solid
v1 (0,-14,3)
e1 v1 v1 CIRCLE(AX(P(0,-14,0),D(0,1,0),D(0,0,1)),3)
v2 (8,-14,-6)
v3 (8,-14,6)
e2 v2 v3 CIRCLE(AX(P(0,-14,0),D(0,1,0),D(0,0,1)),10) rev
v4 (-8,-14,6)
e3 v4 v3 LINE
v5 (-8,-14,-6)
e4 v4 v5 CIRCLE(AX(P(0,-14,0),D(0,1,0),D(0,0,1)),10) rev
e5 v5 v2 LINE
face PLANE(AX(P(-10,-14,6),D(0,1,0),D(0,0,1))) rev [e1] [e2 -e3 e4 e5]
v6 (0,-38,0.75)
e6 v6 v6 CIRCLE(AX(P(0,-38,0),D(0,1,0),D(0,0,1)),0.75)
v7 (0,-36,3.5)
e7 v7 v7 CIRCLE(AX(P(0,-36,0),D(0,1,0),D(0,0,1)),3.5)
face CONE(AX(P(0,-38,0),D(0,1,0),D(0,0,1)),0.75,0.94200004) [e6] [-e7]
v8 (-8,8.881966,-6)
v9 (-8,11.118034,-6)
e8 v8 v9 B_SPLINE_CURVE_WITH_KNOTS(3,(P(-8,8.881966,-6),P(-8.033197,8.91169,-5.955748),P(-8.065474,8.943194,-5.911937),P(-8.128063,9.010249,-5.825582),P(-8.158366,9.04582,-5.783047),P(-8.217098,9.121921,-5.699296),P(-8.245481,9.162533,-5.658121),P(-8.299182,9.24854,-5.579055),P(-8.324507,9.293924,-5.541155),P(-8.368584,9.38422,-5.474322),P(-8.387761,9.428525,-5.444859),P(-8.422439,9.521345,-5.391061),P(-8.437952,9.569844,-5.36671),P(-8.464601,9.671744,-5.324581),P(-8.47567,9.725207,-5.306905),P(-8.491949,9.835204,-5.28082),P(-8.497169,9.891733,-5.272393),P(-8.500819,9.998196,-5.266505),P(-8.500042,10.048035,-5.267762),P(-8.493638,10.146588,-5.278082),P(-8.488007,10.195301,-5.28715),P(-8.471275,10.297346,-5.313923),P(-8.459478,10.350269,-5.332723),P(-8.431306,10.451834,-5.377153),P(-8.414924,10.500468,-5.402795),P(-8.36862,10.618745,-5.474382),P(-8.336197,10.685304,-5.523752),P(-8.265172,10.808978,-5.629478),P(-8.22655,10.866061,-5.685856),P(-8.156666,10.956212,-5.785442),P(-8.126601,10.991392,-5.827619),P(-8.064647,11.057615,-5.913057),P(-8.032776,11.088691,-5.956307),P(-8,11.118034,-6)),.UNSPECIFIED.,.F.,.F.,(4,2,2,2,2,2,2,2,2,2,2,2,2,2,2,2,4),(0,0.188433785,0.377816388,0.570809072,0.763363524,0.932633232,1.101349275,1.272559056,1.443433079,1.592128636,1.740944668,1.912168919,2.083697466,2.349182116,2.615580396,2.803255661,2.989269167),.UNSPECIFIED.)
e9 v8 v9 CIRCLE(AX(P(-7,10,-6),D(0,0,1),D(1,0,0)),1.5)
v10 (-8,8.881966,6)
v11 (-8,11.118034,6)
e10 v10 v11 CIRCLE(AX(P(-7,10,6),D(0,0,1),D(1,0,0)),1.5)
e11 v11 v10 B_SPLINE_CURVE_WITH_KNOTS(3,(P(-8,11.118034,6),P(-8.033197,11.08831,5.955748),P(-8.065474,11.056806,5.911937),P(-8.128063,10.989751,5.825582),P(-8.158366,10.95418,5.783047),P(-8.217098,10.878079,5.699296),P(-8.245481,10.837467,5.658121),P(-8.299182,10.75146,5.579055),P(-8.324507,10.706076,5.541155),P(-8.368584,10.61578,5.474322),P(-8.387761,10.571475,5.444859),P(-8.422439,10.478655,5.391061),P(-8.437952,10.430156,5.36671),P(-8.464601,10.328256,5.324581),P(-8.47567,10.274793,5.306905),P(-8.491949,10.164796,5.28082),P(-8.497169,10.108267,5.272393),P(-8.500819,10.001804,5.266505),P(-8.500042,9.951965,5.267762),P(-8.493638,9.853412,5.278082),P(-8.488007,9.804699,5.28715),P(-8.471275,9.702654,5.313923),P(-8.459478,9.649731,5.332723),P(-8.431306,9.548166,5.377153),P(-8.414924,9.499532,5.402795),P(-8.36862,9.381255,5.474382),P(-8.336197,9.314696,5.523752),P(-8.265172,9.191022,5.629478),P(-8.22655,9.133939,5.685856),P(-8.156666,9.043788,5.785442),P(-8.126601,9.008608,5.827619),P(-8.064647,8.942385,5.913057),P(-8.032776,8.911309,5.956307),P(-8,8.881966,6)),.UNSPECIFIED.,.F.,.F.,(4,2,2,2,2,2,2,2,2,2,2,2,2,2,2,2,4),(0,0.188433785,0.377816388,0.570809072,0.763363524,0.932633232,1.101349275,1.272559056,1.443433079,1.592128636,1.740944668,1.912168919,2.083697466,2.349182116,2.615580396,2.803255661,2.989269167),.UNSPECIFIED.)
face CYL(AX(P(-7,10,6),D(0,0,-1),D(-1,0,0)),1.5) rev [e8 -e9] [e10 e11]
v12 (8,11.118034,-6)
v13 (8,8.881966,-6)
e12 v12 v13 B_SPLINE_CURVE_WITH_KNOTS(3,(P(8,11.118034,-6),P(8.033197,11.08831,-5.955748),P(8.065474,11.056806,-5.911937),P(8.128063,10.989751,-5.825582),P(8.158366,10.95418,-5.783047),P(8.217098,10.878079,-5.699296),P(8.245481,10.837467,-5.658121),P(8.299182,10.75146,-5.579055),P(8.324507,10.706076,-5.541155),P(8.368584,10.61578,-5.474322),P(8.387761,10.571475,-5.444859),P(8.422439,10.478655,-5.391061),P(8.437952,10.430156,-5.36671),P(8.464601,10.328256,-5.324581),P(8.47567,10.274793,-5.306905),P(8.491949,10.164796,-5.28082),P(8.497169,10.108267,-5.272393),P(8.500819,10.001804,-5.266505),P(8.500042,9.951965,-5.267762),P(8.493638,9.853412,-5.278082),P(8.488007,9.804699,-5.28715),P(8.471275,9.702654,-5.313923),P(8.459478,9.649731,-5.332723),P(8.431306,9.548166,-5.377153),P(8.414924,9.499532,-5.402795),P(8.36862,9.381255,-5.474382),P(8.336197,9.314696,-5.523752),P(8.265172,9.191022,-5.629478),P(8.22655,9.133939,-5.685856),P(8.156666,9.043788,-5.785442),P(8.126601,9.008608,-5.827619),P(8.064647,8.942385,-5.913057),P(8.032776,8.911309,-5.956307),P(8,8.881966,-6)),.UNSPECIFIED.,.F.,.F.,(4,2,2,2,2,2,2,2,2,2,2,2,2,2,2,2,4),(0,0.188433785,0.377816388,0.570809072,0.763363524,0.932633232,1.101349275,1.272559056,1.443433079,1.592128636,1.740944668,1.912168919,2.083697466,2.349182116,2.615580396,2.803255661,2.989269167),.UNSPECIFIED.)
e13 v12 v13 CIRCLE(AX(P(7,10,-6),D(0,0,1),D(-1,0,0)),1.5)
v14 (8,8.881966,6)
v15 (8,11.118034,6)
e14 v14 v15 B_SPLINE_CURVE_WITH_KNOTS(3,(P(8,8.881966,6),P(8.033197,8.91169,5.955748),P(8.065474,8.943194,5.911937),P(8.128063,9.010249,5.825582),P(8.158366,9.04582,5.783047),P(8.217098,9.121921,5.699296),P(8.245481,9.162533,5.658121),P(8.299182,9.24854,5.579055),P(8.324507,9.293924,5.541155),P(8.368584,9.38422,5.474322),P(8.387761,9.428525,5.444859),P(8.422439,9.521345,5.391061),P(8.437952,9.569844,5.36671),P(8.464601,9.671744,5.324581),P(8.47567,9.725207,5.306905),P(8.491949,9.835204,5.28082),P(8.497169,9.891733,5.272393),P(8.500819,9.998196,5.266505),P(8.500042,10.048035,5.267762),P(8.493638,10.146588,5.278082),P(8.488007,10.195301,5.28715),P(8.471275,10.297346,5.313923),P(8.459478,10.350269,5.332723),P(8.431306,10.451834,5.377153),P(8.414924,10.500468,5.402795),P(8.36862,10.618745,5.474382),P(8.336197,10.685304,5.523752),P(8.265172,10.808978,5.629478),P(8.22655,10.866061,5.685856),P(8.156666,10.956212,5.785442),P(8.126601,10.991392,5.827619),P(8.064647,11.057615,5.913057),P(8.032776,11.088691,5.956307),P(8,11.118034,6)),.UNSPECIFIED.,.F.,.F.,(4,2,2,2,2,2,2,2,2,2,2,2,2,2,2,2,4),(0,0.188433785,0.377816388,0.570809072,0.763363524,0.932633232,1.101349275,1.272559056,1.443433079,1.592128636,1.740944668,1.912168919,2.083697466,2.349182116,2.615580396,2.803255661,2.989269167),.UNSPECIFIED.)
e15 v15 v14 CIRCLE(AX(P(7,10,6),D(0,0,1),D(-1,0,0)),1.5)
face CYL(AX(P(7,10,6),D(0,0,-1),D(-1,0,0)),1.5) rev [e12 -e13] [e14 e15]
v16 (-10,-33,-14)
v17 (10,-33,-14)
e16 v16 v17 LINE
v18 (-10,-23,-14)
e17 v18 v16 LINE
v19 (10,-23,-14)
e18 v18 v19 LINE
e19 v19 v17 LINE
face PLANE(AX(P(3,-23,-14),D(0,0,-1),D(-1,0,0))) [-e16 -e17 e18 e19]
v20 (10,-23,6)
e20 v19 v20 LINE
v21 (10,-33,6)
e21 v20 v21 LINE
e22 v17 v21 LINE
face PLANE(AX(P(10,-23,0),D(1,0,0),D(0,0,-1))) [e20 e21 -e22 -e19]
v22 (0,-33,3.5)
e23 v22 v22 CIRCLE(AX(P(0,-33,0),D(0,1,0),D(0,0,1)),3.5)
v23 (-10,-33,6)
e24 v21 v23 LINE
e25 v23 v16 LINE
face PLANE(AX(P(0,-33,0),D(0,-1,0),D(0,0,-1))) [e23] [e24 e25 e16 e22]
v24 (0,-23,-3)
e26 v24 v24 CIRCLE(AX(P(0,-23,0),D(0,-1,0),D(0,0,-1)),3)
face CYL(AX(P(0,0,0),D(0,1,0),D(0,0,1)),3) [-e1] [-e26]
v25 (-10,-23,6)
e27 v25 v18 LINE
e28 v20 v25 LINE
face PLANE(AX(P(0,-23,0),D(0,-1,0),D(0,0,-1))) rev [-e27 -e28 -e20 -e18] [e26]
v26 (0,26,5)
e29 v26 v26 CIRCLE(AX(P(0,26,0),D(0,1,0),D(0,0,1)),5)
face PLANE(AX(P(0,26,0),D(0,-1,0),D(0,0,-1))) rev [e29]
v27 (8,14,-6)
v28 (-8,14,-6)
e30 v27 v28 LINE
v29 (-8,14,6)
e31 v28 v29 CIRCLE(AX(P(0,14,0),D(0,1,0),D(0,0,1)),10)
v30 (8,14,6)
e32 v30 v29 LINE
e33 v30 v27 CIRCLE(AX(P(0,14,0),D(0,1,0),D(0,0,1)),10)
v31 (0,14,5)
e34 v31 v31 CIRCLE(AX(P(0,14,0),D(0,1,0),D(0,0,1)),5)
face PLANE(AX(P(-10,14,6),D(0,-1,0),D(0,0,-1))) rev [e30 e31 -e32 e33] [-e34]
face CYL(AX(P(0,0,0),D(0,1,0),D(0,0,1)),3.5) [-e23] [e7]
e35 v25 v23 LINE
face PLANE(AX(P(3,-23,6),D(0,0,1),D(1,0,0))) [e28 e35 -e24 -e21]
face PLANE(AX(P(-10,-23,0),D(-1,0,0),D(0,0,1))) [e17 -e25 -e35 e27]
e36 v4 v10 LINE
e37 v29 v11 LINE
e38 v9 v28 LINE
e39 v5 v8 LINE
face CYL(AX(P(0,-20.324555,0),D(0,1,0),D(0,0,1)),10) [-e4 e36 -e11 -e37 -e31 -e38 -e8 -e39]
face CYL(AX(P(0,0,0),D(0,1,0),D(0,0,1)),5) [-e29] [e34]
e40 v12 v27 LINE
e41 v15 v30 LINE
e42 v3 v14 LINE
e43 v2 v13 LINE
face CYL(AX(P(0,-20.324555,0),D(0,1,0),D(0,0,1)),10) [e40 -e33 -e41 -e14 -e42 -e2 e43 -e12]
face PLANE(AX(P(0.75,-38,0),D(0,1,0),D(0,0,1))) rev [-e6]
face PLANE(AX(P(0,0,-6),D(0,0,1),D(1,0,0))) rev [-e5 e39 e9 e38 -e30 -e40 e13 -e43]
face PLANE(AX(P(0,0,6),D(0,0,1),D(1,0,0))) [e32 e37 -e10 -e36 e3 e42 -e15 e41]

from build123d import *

# Parameters (mm, degrees)
ESBO_O1_W                = 20
ESBO_O1_H                = 28
ESBO_O1_R                = 1.5
RESSALTO_EXTRUS_O1_DEPTH = 6
ESBO_O2_W                = 5
ESBO_O2_H                = 12
RESSALTO_EXTRUS_O2_START = -33
ESBO_O3_W                = 20
ESBO_O3_H                = 20
RESSALTO_EXTRUS_O2_DEPTH = 10
CORTE_EXTRUS_O1_DEPTH    = 28


with BuildPart() as part:
    # Esboço1 → Ressalto-extrusão1 (new body, symmetric)
    with BuildSketch(Plane.XY):
        Rectangle(ESBO_O1_W, ESBO_O1_H)
        with Locations((-7, 10)):
            Circle(ESBO_O1_R, mode=Mode.SUBTRACT)
        with Locations((7, 10)):
            Circle(ESBO_O1_R, mode=Mode.SUBTRACT)
    extrude(amount=RESSALTO_EXTRUS_O1_DEPTH, both=True)

    # Esboço2 → Revolução1 (revolve)
    with BuildSketch(Plane.XY):
        Polygon((3, -33), (3, -23), (3, -14), (0, -14), (0, -38), (0.75, -38), (3.5, -36), (3.5, -33), align=None)
        with Locations((2.5, 20)):
            Rectangle(ESBO_O2_W, ESBO_O2_H)
    revolve(axis=Axis((0, 0, 0), (0, -1, 0)))

    # Esboço3 → Ressalto-extrusão2 (add)
    with BuildSketch(Plane(origin=(0, 0, 0), x_dir=(1, 0, 0), z_dir=(0, 1, 0)).offset(RESSALTO_EXTRUS_O2_START)):
        with Locations((0, 4)):
            Rectangle(ESBO_O3_W, ESBO_O3_H)
    extrude(amount=RESSALTO_EXTRUS_O2_DEPTH)

    # Esboço4 → Corte-extrusão1 (cut)
    with BuildSketch(Plane(origin=(0, 14, 0), x_dir=(1, 0, 0), z_dir=(0, 1, 0))):
        with BuildLine():
            ThreePointArc((-10, 0), (-9.486832981, 3.16227766), (-8, 6))
            Line((-8, 6), (-10, 6))
            Line((-10, 6), (-10, 0))
        make_face()
        with BuildLine():
            ThreePointArc((-8, -6), (-9.486832981, -3.16227766), (-10, 0))
            Line((-10, 0), (-10, -6))
            Line((-10, -6), (-8, -6))
        make_face()
        with BuildLine():
            Line((10, -6), (10, 0))
            ThreePointArc((10, 0), (9.486832981, -3.16227766), (8, -6))
            Line((8, -6), (10, -6))
        make_face()
        with BuildLine():
            Line((10, 6), (8, 6))
            ThreePointArc((8, 6), (9.486832981, 3.16227766), (10, 0))
            Line((10, 0), (10, 6))
        make_face()
    extrude(amount=-CORTE_EXTRUS_O1_DEPTH, mode=Mode.SUBTRACT)


solid = part.part
